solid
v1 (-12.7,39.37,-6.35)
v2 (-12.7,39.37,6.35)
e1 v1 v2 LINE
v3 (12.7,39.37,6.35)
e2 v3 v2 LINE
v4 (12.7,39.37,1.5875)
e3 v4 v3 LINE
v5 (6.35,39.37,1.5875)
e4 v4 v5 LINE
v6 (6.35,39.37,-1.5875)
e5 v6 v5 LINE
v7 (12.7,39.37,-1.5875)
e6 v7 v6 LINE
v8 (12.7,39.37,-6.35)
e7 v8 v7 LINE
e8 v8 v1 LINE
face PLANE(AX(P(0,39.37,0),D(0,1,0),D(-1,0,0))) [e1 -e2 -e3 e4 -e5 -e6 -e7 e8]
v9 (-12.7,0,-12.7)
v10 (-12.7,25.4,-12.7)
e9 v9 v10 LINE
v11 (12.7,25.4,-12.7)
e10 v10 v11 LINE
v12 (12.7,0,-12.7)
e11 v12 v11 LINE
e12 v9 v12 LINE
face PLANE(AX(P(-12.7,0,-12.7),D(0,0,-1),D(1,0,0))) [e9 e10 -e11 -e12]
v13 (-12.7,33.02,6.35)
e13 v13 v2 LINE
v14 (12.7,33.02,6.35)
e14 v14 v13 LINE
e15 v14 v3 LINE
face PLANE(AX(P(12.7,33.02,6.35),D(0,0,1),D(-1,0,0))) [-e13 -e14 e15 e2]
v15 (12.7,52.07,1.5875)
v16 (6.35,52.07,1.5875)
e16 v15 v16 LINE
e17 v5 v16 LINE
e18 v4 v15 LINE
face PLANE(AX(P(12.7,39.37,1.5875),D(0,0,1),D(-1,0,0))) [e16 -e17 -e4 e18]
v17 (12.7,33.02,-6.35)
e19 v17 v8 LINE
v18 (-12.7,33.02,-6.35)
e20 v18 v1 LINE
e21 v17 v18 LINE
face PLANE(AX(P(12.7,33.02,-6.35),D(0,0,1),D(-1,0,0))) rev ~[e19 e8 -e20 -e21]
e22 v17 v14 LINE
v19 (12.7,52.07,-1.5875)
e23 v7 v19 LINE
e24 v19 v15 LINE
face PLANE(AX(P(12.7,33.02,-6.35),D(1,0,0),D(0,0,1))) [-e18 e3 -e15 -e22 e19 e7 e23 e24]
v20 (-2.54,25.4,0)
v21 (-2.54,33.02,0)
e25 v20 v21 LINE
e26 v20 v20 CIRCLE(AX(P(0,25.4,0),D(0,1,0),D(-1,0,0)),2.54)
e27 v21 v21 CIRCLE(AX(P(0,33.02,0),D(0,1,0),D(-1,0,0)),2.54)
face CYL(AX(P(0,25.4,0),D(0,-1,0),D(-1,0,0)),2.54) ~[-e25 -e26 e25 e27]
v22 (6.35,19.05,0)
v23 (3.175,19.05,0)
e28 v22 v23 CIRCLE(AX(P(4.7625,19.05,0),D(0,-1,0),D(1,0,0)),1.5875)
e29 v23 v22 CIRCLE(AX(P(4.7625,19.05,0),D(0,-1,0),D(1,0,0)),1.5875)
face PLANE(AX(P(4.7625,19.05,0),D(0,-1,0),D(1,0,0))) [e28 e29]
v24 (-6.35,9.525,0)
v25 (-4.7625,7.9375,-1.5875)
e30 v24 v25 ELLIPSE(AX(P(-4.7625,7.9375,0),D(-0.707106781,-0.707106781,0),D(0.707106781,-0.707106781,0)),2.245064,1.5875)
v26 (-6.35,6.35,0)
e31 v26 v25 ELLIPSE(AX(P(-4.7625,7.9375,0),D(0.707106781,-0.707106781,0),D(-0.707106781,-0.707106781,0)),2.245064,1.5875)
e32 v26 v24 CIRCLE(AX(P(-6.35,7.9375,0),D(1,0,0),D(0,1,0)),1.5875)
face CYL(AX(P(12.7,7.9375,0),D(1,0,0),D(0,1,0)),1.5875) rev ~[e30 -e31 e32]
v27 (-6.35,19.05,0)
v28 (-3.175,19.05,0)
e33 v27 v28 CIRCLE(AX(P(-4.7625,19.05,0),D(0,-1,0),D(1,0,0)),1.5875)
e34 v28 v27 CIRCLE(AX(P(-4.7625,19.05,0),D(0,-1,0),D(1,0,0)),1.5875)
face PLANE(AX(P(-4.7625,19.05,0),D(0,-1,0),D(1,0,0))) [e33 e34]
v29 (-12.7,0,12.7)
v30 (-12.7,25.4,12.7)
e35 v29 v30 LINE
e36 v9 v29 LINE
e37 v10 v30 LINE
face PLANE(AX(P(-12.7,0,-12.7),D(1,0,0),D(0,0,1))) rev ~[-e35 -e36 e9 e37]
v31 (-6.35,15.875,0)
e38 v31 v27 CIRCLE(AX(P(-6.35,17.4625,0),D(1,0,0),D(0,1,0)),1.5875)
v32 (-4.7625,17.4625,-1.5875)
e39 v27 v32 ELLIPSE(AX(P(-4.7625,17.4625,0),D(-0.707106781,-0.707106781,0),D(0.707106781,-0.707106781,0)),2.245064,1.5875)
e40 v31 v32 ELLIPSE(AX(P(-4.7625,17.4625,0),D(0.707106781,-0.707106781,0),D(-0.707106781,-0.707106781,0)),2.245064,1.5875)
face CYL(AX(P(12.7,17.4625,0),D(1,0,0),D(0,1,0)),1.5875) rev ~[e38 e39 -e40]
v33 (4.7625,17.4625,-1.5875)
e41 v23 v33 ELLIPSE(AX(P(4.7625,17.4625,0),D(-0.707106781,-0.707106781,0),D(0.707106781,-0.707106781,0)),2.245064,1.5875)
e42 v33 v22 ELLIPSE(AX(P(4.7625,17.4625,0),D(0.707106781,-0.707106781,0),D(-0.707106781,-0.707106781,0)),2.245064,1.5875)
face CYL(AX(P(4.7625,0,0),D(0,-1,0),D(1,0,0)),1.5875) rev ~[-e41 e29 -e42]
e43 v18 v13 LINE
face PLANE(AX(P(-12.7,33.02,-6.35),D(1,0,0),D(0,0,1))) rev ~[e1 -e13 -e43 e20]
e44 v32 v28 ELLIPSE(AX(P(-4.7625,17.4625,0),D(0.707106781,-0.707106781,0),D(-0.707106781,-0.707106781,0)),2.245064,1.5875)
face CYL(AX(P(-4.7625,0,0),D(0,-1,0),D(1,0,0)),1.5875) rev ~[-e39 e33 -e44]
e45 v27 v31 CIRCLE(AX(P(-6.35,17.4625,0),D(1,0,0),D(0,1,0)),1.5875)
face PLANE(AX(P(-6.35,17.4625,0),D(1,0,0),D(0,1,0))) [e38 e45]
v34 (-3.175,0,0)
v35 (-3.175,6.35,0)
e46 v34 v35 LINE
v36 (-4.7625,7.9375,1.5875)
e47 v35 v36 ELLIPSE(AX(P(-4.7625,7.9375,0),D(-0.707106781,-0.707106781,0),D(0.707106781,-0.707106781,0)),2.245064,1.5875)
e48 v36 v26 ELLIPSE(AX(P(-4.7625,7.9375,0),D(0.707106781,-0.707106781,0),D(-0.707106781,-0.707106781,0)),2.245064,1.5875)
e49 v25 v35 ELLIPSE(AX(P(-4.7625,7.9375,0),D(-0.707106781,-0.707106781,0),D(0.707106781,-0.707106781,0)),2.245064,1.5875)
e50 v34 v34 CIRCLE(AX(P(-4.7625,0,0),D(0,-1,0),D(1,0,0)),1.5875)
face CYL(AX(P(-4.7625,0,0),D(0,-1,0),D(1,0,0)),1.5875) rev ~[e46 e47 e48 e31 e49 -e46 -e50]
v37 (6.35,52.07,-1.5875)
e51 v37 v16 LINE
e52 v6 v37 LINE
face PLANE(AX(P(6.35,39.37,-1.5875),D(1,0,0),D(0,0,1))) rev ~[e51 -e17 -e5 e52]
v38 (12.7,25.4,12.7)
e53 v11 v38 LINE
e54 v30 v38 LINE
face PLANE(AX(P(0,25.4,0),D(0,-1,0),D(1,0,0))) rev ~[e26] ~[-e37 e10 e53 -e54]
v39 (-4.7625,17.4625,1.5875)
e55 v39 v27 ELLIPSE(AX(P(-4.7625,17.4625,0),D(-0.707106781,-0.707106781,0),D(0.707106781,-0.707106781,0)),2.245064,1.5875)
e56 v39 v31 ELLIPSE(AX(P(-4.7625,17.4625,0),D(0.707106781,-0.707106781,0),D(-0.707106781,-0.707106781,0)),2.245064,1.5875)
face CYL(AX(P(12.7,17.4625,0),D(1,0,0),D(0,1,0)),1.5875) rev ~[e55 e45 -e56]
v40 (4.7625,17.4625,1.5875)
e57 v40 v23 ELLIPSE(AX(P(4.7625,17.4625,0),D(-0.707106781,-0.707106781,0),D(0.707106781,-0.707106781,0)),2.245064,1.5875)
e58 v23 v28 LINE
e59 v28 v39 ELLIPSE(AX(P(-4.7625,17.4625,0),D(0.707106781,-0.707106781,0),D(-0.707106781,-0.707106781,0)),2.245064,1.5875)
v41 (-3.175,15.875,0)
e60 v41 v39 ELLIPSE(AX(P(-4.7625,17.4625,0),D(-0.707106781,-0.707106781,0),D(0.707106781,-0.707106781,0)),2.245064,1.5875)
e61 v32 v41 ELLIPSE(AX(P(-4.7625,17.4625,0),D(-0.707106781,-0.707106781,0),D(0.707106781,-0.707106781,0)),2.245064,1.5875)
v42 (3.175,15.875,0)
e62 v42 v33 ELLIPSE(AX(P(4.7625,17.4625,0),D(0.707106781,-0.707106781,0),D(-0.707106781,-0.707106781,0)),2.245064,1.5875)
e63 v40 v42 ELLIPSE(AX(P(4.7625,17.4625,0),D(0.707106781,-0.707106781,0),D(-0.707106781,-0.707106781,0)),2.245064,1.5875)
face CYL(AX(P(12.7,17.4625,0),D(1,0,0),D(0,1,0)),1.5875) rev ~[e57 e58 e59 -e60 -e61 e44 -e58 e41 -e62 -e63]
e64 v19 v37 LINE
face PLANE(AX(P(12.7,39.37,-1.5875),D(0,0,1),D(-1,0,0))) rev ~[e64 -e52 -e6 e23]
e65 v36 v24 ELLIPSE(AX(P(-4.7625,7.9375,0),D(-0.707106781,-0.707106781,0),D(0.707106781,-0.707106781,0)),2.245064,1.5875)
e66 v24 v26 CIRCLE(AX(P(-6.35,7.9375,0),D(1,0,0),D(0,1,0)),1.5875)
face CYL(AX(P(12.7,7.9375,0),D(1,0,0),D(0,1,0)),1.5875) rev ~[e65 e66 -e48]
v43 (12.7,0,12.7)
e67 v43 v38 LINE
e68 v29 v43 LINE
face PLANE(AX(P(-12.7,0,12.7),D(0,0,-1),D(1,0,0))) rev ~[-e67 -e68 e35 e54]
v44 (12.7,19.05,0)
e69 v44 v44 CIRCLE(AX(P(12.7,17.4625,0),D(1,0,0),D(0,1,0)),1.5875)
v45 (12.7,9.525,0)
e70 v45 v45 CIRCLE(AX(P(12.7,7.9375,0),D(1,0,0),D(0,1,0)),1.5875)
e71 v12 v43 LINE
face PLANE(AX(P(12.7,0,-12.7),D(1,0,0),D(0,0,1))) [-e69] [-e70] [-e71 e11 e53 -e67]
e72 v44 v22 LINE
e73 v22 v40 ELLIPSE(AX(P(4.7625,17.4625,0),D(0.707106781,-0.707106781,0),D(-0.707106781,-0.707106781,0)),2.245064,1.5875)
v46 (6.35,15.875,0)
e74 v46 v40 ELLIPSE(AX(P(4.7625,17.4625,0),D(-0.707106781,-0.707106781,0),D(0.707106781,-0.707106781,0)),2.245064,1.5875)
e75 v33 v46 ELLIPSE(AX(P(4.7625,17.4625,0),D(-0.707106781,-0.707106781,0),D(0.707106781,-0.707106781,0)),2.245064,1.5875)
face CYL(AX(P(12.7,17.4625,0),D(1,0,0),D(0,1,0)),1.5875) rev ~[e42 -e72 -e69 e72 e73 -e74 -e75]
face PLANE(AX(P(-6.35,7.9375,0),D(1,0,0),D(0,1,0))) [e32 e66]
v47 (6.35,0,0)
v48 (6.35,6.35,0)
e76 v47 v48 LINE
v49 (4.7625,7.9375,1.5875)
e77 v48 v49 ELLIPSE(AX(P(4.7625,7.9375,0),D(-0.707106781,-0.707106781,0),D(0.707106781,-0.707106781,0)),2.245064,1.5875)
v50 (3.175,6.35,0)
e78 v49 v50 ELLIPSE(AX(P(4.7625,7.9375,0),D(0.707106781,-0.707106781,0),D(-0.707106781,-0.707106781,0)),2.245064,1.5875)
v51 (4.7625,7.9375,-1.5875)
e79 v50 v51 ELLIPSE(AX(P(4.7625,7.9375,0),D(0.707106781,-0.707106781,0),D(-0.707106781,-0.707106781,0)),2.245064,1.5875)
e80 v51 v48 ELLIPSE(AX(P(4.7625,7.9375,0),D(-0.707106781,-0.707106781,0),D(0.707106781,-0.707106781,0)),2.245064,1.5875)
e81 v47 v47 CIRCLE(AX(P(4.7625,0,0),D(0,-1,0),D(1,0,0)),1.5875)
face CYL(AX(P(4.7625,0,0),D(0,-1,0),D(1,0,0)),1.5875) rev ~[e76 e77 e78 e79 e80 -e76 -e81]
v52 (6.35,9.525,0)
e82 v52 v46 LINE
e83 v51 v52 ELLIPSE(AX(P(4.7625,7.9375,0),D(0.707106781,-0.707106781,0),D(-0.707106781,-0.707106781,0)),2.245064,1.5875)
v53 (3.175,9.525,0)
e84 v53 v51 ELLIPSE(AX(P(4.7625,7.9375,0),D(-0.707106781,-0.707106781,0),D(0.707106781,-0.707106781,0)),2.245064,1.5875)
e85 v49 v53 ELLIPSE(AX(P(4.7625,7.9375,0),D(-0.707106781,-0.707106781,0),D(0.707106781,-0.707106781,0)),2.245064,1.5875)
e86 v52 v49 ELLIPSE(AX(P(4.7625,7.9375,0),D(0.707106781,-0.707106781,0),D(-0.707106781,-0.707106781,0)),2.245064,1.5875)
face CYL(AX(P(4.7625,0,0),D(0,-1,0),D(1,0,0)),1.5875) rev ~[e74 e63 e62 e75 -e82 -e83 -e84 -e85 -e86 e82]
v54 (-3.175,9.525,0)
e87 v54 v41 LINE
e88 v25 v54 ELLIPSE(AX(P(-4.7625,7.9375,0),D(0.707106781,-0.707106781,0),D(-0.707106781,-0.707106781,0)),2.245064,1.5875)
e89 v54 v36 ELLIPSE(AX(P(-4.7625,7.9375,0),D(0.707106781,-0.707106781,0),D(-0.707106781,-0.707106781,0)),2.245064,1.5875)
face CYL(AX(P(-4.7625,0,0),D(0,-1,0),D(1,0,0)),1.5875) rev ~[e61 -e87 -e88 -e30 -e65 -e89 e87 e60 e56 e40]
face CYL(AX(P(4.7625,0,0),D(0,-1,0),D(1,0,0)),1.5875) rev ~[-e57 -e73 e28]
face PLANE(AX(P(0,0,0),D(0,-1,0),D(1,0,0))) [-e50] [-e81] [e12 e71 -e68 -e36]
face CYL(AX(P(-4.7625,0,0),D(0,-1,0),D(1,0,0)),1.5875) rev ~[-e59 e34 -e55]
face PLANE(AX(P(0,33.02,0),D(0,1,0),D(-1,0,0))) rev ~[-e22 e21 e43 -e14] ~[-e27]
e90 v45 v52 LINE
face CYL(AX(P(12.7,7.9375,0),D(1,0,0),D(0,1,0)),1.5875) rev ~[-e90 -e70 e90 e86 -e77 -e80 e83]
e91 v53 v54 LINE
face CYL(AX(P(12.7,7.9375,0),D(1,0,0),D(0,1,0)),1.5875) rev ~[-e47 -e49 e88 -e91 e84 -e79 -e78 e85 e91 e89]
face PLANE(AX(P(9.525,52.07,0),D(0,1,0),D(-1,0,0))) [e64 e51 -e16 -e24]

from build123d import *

# Parameters (mm, degrees)
F0_W      = 25.4
F0_H      = 25.4
F0_R      = 1.5875
F1_DEPTH  = 25.4
F2_R      = 2.54
F3_DEPTH  = 7.62
F4_W      = 25.4
F4_H      = 12.7
F5_DEPTH  = 6.35
F6_W      = 6.35
F6_H      = 3.175
F7_DEPTH  = 12.7
F8_DEPTH  = 19.05
F9_R      = 1.5875
F10_DEPTH = 19.05


with BuildPart() as f1:
    # F0 (on Front) → F1 (new body)
    with BuildSketch(Plane.XZ):
        Rectangle(F0_W, F0_H)
        with Locations((-4.7625, 0)):
            Circle(F0_R, mode=Mode.SUBTRACT)
        with Locations((4.7625, 0)):
            Circle(F0_R, mode=Mode.SUBTRACT)
        with Locations((-4.7625, 0)):
            Circle(F0_R)
        with Locations((4.7625, 0)):
            Circle(F0_R)
    extrude(amount=-F1_DEPTH)

    # F2 (on face) → F3 (join)
    with BuildSketch(Plane(origin=(0, 25.4, 0), x_dir=(-1, 0, 0), z_dir=(0, 1, 0))):
        Circle(F2_R)
    extrude(amount=F3_DEPTH)

    # F4 (on face) → F5 (join)
    with BuildSketch(Plane(origin=(0, 33.02, 0), x_dir=(-1, 0, 0), z_dir=(0, 1, 0))):
        Rectangle(F4_W, F4_H)
    extrude(amount=F5_DEPTH)

    # F6 (on face) → F7 (join)
    with BuildSketch(Plane(origin=(0, 39.37, 0), x_dir=(-1, 0, 0), z_dir=(0, 1, 0))):
        with Locations((-9.525, 0)):
            Rectangle(F6_W, F6_H)
    extrude(amount=F7_DEPTH)

    # F0 (on Front) → F8 (cut)
    with BuildSketch(Plane.XZ):
        with Locations((-4.7625, 0)):
            Circle(F0_R)
        with Locations((4.7625, 0)):
            Circle(F0_R)
    extrude(amount=-F8_DEPTH, mode=Mode.SUBTRACT)

    # F9 (on face) → F10 (cut)
    with BuildSketch(Plane.YZ.offset(12.7)):
        with Locations((7.9375, 0)):
            Circle(F9_R)
        with Locations((17.4625, 0)):
            Circle(F9_R)
    extrude(amount=-F10_DEPTH, mode=Mode.SUBTRACT)


solid = f1.part
